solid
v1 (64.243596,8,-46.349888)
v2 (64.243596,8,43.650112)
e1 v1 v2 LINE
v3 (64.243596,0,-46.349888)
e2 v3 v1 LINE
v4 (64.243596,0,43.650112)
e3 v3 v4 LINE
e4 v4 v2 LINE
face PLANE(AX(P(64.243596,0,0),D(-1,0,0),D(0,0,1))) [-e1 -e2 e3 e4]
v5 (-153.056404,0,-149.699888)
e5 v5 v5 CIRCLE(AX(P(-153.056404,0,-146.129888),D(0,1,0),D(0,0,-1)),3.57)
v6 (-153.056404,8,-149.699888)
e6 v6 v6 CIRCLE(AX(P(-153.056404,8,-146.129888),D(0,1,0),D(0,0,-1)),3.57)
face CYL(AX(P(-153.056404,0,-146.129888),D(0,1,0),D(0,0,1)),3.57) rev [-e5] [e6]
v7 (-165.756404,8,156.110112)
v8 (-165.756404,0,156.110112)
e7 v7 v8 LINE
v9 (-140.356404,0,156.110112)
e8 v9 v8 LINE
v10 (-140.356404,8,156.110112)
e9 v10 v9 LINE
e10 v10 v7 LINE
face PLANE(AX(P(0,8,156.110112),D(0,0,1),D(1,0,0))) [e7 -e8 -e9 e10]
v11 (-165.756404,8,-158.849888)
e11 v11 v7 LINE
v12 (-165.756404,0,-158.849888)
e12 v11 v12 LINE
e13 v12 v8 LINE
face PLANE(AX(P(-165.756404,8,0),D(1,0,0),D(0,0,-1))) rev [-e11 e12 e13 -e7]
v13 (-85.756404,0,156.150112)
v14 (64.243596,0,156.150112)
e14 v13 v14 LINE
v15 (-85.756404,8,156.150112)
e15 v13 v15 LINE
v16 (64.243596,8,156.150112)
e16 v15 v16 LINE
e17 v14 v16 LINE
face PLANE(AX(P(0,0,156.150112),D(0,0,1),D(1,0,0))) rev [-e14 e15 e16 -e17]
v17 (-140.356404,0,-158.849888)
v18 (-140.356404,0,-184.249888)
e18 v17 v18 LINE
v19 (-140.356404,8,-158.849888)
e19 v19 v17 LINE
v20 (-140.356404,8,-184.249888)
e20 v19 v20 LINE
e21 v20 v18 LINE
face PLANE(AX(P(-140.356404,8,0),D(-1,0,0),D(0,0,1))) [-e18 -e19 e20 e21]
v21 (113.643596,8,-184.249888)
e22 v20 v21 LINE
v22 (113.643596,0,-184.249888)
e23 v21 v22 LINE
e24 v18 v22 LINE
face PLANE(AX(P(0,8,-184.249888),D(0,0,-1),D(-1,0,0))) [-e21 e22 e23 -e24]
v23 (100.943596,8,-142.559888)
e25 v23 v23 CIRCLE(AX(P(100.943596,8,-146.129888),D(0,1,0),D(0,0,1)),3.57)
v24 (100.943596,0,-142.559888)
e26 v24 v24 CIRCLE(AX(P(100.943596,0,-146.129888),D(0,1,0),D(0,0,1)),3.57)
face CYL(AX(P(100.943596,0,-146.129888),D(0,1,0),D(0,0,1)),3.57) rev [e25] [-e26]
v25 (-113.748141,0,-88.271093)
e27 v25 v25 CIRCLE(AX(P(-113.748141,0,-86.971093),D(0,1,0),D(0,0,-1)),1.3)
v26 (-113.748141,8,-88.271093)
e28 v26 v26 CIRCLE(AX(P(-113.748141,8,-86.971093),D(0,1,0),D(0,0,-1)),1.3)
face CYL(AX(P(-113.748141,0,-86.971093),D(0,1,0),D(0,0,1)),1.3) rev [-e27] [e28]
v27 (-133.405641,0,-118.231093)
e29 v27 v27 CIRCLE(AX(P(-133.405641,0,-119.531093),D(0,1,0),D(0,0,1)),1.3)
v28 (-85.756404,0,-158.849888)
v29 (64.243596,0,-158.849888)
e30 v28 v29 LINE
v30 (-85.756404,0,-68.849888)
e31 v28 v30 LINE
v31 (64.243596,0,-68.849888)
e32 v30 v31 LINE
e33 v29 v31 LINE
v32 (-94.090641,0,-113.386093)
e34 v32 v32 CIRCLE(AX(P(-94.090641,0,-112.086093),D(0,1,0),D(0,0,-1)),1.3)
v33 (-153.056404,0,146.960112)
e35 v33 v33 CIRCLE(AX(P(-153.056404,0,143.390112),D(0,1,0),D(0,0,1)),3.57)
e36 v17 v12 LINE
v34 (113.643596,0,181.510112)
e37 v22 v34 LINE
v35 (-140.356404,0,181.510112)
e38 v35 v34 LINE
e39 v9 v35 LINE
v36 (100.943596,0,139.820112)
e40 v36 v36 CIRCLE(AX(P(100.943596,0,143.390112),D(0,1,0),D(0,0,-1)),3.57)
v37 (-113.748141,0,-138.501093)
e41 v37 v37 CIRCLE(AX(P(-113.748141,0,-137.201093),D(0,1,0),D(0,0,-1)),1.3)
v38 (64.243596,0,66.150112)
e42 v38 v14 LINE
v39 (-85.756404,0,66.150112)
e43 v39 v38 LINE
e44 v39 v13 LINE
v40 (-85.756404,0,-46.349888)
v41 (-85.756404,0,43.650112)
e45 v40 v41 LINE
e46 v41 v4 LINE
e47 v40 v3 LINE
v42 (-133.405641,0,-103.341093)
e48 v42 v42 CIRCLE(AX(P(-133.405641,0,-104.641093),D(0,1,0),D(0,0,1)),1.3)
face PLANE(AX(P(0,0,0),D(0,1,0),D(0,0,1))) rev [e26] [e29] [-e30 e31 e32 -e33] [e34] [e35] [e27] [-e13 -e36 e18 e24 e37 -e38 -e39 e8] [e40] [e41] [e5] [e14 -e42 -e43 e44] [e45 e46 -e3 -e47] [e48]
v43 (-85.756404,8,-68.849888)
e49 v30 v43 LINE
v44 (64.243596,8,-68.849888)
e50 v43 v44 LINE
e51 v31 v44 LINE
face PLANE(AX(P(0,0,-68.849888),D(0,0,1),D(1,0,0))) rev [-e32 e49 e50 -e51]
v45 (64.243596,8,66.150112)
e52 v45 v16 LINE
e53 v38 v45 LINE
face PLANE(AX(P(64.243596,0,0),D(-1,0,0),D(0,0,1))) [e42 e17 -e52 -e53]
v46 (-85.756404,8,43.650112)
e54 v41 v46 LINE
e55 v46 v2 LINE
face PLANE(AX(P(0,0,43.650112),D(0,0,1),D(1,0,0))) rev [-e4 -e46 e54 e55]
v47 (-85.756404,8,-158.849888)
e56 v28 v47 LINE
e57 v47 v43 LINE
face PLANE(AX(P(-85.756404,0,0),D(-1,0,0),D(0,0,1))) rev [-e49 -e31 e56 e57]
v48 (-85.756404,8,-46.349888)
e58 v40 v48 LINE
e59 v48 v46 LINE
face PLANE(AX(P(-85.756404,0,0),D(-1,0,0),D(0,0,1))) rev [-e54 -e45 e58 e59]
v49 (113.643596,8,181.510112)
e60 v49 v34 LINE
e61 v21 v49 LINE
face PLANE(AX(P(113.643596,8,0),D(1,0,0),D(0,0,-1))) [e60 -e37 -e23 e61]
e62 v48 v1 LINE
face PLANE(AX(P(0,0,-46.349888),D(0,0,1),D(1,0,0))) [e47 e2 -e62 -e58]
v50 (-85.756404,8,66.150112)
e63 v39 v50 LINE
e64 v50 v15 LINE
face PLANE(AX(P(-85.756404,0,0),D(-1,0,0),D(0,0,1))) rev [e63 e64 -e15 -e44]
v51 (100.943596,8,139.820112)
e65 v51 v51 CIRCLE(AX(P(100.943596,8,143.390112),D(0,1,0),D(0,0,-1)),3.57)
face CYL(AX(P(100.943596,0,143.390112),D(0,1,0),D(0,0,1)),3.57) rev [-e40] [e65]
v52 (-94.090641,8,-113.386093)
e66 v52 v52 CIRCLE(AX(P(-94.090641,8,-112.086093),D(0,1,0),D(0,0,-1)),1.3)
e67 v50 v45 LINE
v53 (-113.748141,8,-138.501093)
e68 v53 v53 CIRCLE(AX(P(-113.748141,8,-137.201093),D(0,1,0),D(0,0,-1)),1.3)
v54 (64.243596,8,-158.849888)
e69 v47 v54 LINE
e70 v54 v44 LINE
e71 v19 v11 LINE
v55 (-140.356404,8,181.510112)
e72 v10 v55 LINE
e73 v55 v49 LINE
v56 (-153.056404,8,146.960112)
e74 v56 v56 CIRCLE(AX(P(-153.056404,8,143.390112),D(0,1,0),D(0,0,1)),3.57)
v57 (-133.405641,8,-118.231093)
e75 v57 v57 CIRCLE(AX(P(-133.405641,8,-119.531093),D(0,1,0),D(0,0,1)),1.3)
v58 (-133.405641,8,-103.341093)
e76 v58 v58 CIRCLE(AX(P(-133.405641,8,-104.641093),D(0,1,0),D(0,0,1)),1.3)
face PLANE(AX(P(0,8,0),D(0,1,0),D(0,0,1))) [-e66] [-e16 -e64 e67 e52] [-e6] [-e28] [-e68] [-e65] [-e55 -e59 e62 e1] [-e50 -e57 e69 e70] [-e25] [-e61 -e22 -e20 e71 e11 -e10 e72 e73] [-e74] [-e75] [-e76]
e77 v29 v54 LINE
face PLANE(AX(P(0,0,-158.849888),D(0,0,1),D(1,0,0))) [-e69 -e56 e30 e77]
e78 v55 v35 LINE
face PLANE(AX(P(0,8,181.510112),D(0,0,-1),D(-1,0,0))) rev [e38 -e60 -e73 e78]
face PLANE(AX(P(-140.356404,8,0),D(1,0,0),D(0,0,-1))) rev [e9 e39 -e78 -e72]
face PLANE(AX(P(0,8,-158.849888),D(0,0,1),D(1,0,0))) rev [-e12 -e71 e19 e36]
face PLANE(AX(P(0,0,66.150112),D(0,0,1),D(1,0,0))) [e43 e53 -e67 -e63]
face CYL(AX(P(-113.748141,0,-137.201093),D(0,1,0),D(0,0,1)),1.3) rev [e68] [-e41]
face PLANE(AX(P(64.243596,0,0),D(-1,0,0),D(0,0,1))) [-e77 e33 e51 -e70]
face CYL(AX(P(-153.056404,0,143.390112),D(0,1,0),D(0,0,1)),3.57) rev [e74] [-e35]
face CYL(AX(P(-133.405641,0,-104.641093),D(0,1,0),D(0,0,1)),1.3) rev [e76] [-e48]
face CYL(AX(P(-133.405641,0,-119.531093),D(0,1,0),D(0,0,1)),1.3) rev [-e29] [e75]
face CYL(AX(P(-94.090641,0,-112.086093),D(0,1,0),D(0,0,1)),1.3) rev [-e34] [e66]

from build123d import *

# Parameters (mm, degrees)
BOSS_EXTRUDE1_DEPTH = 8
SKETCH2_R           = 3.57
CUT_EXTRUDE1_DEPTH  = 248.966140282
SKETCH3_R           = 1.3
CUT_EXTRUDE2_DEPTH  = 248.966140282
SKETCH5_W           = 150
SKETCH5_H           = 90
CUT_EXTRUDE3_DEPTH  = 248.966140282


with BuildPart() as part:
    # Sketch1 → Boss-Extrude1 (new body)
    with BuildSketch(Plane(origin=(0, 0, 0), x_dir=(1, 0, 0), z_dir=(0, 1, 0))):
        Polygon((113.643595506, 184.24988764), (-140.356404494, 184.24988764), (-140.356404494, 158.84988764), (-165.756404494, 158.84988764), (-165.756404494, -156.11011236), (-140.356404494, -156.11011236), (-140.356404494, -181.51011236), (113.643595506, -181.51011236), align=None)
    extrude(amount=BOSS_EXTRUDE1_DEPTH)

    # Sketch2 → Cut-Extrude1 (cut, through all)
    with BuildSketch(Plane(origin=(0, 8, 0), x_dir=(1, 0, 0), z_dir=(0, 1, 0))):
        with Locations((-153.056404494, -143.39011236)):
            Circle(SKETCH2_R)
        with Locations((100.943595506, 146.12988764)):
            Circle(SKETCH2_R)
        with Locations((100.943595506, -143.39011236)):
            Circle(SKETCH2_R)
        with Locations((-153.056404494, 146.12988764)):
            Circle(SKETCH2_R)
    extrude(amount=-CUT_EXTRUDE1_DEPTH, mode=Mode.SUBTRACT)

    # Sketch3 → Cut-Extrude2 (cut, through all)
    with BuildSketch(Plane(origin=(0, 8, 0), x_dir=(1, 0, 0), z_dir=(0, 1, 0))):
        with Locations((-133.405641044, 119.531092968)):
            Circle(SKETCH3_R)
        with Locations((-133.405641044, 104.641092968)):
            Circle(SKETCH3_R)
        with Locations((-113.748141044, 86.971092968)):
            Circle(SKETCH3_R)
        with Locations((-94.090641044, 112.086092968)):
            Circle(SKETCH3_R)
        with Locations((-113.748141044, 137.201092968)):
            Circle(SKETCH3_R)
    extrude(amount=-CUT_EXTRUDE2_DEPTH, mode=Mode.SUBTRACT)

    # Sketch5 → Cut-Extrude3 (cut, through all)
    with BuildSketch(Plane(origin=(0, 8, 0), x_dir=(1, 0, 0), z_dir=(0, 1, 0))):
        with Locations((-10.756404494, 113.84988764)):
            Rectangle(SKETCH5_W, SKETCH5_H)
        with Locations((-10.756404494, 1.34988764)):
            Rectangle(SKETCH5_W, SKETCH5_H)
        with Locations((-10.756404494, -111.15011236)):
            Rectangle(SKETCH5_W, SKETCH5_H)
    extrude(amount=-CUT_EXTRUDE3_DEPTH, mode=Mode.SUBTRACT)


solid = part.part
